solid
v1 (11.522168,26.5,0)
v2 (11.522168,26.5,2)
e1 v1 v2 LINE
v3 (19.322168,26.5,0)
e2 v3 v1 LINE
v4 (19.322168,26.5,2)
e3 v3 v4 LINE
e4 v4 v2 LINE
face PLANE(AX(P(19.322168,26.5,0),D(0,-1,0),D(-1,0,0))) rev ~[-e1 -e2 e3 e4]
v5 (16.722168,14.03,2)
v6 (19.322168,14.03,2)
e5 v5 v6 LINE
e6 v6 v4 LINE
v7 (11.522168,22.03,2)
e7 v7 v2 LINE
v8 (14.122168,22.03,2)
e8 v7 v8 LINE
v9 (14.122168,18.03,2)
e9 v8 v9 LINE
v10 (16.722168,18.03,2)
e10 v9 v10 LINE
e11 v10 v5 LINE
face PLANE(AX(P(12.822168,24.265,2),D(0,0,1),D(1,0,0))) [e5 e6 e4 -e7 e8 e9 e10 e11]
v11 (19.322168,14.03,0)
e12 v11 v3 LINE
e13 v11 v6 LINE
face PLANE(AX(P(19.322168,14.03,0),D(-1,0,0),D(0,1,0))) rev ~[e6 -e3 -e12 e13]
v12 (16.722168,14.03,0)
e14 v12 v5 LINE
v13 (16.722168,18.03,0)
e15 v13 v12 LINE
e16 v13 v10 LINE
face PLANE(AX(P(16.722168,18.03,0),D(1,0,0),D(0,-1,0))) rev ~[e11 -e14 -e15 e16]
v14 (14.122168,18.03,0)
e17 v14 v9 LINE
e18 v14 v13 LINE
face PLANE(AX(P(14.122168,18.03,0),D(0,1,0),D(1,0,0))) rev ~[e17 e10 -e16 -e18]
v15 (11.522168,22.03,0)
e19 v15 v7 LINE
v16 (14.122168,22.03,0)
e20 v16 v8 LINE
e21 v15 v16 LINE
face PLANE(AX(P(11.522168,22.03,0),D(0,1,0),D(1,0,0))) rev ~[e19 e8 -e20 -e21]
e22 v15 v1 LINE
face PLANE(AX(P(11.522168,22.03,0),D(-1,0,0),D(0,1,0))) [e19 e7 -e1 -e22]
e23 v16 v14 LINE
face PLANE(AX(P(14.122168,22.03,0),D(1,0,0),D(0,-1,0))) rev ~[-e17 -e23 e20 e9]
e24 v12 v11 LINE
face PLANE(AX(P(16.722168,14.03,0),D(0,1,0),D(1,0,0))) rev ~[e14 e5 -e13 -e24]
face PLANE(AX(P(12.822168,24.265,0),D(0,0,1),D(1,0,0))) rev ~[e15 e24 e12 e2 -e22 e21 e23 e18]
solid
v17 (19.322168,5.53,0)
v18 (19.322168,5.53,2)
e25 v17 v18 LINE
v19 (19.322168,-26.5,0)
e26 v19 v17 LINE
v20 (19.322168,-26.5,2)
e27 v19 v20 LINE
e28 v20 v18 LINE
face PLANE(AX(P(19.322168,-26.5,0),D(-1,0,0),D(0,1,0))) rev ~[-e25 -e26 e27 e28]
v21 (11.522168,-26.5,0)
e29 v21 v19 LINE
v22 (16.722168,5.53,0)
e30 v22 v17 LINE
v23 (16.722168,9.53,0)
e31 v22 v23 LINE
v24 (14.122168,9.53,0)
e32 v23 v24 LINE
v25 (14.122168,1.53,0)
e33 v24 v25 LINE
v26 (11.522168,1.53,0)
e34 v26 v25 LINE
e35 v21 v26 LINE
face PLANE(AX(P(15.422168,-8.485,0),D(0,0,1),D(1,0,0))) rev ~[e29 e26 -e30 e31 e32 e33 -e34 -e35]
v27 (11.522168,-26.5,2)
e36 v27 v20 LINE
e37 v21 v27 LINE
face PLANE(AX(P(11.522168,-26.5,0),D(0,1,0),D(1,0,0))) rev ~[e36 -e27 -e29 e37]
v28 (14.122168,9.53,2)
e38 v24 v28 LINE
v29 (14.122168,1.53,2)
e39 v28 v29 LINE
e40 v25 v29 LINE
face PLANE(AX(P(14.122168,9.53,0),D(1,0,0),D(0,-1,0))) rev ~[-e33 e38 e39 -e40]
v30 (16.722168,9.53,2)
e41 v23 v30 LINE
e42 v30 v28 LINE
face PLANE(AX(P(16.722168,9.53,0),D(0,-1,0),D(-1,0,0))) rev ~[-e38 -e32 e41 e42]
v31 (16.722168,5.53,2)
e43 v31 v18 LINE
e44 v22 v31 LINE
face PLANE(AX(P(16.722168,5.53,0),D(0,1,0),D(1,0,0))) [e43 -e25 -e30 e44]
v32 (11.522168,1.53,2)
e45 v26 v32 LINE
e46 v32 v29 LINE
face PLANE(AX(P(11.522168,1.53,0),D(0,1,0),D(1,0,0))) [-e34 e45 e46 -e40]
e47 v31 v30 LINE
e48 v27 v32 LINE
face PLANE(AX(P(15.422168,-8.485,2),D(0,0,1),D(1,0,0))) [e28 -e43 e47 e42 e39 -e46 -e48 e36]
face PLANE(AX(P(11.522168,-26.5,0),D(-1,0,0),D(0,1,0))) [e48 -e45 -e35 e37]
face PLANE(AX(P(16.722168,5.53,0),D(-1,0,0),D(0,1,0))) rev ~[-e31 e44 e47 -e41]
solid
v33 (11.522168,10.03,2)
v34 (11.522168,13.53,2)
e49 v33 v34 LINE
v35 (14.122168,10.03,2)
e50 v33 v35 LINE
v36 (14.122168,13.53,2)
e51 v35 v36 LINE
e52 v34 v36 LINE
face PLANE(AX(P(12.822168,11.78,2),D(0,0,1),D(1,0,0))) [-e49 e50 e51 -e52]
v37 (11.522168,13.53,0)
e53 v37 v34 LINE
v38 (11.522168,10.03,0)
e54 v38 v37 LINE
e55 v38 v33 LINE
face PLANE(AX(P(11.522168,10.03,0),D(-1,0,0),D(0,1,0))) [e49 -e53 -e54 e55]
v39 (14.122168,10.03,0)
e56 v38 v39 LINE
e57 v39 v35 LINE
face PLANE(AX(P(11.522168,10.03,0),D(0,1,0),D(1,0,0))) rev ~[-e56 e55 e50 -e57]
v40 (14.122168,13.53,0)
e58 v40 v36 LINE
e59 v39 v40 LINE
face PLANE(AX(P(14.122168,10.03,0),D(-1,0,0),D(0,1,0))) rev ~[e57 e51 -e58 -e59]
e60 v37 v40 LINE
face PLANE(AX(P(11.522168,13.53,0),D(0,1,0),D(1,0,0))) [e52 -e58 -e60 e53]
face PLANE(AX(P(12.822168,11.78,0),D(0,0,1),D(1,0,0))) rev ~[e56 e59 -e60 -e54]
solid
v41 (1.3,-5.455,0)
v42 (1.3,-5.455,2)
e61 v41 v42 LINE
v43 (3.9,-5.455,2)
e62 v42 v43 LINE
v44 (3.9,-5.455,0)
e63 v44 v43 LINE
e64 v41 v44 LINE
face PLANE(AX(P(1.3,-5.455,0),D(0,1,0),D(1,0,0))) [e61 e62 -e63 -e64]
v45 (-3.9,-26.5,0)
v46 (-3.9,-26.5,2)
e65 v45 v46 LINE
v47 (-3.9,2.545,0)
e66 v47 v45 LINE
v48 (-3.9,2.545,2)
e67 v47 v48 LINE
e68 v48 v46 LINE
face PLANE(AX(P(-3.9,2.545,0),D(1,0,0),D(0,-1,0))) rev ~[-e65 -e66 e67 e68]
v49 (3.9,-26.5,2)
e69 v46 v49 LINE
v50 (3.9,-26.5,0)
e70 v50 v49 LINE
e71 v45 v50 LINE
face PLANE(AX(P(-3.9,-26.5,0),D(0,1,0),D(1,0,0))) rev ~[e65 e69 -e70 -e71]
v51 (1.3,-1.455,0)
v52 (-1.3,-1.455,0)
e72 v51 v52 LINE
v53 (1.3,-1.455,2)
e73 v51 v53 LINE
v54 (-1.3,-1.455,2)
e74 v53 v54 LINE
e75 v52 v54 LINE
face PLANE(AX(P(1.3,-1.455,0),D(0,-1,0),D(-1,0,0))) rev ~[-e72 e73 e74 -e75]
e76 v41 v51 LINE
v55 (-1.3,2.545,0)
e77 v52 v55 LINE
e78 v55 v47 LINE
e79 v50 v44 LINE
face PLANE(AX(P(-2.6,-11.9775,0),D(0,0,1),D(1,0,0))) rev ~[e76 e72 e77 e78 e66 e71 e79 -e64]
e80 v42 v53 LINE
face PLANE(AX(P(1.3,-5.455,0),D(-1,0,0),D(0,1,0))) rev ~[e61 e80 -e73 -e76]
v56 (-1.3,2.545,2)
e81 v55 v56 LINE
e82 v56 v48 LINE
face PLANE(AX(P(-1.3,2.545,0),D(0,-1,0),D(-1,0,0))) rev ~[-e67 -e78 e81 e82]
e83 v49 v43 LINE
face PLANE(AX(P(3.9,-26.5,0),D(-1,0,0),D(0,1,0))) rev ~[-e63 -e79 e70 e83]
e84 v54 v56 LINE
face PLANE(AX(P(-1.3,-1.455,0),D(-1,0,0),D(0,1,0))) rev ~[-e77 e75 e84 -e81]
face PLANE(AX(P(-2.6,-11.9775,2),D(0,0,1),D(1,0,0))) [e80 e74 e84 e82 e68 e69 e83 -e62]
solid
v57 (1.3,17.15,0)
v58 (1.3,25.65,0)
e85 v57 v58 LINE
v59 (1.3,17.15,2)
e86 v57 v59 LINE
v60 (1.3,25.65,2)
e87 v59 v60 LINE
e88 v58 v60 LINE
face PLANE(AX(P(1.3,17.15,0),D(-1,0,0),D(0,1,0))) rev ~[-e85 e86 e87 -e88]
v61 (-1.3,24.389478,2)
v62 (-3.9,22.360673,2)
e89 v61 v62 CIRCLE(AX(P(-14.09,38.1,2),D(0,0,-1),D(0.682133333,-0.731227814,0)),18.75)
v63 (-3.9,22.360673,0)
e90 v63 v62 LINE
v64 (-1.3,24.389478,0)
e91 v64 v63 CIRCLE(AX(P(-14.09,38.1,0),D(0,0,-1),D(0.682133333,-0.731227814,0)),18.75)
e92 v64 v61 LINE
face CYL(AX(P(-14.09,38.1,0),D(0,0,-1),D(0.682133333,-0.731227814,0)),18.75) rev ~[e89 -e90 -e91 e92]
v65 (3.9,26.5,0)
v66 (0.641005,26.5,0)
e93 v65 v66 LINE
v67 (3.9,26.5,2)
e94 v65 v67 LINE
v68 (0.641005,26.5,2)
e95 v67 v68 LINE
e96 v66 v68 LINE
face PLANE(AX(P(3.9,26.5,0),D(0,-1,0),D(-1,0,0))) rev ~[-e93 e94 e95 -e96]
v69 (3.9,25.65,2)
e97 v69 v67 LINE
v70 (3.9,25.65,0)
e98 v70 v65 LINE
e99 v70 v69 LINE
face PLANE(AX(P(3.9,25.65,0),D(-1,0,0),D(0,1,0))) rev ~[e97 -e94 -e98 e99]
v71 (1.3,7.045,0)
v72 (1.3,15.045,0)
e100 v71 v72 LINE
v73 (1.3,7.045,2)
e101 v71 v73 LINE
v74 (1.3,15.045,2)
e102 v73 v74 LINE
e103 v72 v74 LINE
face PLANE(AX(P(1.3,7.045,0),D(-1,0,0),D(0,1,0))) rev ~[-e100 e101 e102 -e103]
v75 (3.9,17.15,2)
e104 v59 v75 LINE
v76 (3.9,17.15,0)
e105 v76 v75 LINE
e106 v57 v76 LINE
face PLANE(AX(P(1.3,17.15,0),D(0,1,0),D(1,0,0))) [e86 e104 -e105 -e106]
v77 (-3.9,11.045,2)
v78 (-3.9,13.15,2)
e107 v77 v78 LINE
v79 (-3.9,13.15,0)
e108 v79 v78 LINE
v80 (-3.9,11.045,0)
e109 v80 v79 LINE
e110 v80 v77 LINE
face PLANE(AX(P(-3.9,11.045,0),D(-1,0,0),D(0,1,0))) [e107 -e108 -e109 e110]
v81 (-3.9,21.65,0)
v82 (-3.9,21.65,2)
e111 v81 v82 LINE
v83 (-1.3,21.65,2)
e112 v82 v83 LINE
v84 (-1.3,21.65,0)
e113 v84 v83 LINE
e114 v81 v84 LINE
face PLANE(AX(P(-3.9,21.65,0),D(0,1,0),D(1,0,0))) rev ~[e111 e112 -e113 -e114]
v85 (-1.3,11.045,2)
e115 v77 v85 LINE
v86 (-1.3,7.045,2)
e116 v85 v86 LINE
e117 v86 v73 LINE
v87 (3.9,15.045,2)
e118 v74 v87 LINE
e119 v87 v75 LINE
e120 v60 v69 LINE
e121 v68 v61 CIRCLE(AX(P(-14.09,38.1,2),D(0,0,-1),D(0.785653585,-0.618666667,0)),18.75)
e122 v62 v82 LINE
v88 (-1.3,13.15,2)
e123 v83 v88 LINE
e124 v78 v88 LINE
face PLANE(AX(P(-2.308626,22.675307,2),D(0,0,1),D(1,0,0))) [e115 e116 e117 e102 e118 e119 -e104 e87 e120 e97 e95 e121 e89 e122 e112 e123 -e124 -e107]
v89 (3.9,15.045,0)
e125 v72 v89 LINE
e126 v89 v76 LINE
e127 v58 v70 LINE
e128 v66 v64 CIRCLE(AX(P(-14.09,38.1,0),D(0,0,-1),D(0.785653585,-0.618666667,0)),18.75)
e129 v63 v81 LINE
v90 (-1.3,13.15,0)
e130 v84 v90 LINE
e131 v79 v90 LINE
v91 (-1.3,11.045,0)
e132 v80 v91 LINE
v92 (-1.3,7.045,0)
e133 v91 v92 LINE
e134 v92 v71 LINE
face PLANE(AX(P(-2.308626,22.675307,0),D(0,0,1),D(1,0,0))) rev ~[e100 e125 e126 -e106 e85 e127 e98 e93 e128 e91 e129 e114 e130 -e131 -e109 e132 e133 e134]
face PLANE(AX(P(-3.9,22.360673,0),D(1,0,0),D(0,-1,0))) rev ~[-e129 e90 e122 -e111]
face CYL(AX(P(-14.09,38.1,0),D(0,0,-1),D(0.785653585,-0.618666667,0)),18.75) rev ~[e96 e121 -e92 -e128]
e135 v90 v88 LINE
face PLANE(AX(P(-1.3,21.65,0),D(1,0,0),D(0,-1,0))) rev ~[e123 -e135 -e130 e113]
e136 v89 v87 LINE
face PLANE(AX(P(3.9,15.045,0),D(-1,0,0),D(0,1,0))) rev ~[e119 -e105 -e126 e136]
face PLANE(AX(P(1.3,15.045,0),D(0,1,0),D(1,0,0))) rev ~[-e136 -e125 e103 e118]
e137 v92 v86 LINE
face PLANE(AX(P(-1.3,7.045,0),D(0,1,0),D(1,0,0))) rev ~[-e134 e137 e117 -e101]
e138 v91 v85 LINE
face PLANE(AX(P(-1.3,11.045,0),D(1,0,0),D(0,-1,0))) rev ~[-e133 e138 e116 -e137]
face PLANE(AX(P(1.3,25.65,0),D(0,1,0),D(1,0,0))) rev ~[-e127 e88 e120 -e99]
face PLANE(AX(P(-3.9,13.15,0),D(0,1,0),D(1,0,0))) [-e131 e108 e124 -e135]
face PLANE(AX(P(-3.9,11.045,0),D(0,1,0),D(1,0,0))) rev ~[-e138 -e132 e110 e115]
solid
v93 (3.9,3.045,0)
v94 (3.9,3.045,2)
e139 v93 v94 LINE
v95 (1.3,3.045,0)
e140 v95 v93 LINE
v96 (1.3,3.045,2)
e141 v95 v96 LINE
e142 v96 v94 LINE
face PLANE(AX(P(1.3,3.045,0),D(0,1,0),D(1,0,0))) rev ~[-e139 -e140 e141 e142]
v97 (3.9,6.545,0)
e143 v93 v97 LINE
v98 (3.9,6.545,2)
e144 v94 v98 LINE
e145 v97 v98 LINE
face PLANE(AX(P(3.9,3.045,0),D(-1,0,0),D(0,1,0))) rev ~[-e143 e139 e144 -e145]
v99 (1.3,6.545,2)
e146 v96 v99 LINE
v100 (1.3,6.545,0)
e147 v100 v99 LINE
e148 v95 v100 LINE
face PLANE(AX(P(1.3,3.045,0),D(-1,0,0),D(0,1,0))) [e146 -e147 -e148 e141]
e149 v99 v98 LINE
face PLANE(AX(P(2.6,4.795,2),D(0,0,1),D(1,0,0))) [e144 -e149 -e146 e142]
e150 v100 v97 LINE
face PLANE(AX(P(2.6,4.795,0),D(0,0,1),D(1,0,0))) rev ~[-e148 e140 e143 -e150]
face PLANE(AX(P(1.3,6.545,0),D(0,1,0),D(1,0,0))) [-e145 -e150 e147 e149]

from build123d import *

# Parameters (mm, degrees)
F0_W     = 2.6
F0_H     = 0.85
F0_H_2   = 2.105
F1_DEPTH = 2
F0_H_3   = 3.5
F0_H_4   = 21.045
F0_H_5   = 4.47
F0_H_6   = 32.03
F0_H_7   = 28.03


with BuildPart() as f1:
    # F0 (on Top) → F1 (new body)
    with BuildSketch(Plane.XY):
        with BuildLine():
            Line((-1.3, 21.65), (-1.3, 24.3894784928))
            ThreePointArc((-1.3, 24.3894784928), (-2.5553083064, 23.3178016678), (-3.9, 22.3606734579))
            Line((-3.9, 22.3606734579), (-3.9, 21.65))
            Line((-3.9, 21.65), (-1.3, 21.65))
        make_face()
        with Locations((2.6, 26.075)):
            Rectangle(F0_W, F0_H)
        with BuildLine():
            Line((1.3, 25.65), (1.3, 26.5))
            Line((1.3, 26.5), (0.6410047179, 26.5))
            ThreePointArc((0.6410047179, 26.5), (-0.2890942171, 25.4075810197), (-1.3, 24.3894784928))
            Line((-1.3, 24.3894784928), (-1.3, 21.65))
            Line((-1.3, 21.65), (-1.3, 13.15))
            Line((-1.3, 13.15), (-1.3, 11.045))
            Line((-1.3, 11.045), (-1.3, 7.045))
            Line((-1.3, 7.045), (1.3, 7.045))
            Line((1.3, 7.045), (1.3, 15.045))
            Line((1.3, 15.045), (1.3, 17.15))
            Line((1.3, 17.15), (1.3, 25.65))
        make_face()
        with Locations((2.6, 16.0975)):
            Rectangle(F0_W, F0_H_2)
        with Locations((-2.6, 12.0975)):
            Rectangle(F0_W, F0_H_2)
    extrude(amount=F1_DEPTH)


with BuildPart() as f1b:
    # F0 (on Top) → F1, piece 2 (new body)
    with BuildSketch(Plane.XY):
        with Locations((2.6, 4.795)):
            Rectangle(F0_W, F0_H_3)
    extrude(amount=F1_DEPTH)


with BuildPart() as f1c:
    # F0 (on Top) → F1, piece 3 (new body)
    with BuildSketch(Plane.XY):
        Polygon((-1.3, -1.455), (-1.3, 2.545), (-3.9, 2.545), (-3.9, -26.5), (-1.3, -26.5), align=None)
        Polygon((1.3, -26.5), (1.3, -5.455), (1.3, -1.455), (-1.3, -1.455), (-1.3, -26.5), align=None)
        with Locations((2.6, -15.9775)):
            Rectangle(F0_W, F0_H_4)
    extrude(amount=F1_DEPTH)


with BuildPart() as f1d:
    # F0 (on Top) → F1, piece 4 (new body)
    with BuildSketch(Plane.XY):
        with Locations((12.8221682936, 24.265)):
            Rectangle(F0_W, F0_H_5)
        Polygon((14.1221682936, 26.5), (14.1221682936, 22.03), (14.1221682936, 18.03), (16.7221682936, 18.03), (16.7221682936, 26.5), align=None)
        Polygon((16.7221682936, 14.03), (19.3221682936, 14.03), (19.3221682936, 26.5), (16.7221682936, 26.5), (16.7221682936, 18.03), align=None)
    extrude(amount=F1_DEPTH)


with BuildPart() as f1e:
    # F0 (on Top) → F1, piece 5 (new body)
    with BuildSketch(Plane.XY):
        with Locations((12.8221682936, 11.78)):
            Rectangle(F0_W, F0_H_3)
    extrude(amount=F1_DEPTH)


with BuildPart() as f1f:
    # F0 (on Top) → F1, piece 6 (new body)
    with BuildSketch(Plane.XY):
        Polygon((14.1221682936, 1.53), (14.1221682936, -26.5), (16.7221682936, -26.5), (16.7221682936, 5.53), (16.7221682936, 9.53), (14.1221682936, 9.53), align=None)
        with Locations((18.0221682936, -10.485)):
            Rectangle(F0_W, F0_H_6)
        with Locations((12.8221682936, -12.485)):
            Rectangle(F0_W, F0_H_7)
    extrude(amount=F1_DEPTH)


solid = Compound([f1.part, f1b.part, f1c.part, f1d.part, f1e.part, f1f.part])
